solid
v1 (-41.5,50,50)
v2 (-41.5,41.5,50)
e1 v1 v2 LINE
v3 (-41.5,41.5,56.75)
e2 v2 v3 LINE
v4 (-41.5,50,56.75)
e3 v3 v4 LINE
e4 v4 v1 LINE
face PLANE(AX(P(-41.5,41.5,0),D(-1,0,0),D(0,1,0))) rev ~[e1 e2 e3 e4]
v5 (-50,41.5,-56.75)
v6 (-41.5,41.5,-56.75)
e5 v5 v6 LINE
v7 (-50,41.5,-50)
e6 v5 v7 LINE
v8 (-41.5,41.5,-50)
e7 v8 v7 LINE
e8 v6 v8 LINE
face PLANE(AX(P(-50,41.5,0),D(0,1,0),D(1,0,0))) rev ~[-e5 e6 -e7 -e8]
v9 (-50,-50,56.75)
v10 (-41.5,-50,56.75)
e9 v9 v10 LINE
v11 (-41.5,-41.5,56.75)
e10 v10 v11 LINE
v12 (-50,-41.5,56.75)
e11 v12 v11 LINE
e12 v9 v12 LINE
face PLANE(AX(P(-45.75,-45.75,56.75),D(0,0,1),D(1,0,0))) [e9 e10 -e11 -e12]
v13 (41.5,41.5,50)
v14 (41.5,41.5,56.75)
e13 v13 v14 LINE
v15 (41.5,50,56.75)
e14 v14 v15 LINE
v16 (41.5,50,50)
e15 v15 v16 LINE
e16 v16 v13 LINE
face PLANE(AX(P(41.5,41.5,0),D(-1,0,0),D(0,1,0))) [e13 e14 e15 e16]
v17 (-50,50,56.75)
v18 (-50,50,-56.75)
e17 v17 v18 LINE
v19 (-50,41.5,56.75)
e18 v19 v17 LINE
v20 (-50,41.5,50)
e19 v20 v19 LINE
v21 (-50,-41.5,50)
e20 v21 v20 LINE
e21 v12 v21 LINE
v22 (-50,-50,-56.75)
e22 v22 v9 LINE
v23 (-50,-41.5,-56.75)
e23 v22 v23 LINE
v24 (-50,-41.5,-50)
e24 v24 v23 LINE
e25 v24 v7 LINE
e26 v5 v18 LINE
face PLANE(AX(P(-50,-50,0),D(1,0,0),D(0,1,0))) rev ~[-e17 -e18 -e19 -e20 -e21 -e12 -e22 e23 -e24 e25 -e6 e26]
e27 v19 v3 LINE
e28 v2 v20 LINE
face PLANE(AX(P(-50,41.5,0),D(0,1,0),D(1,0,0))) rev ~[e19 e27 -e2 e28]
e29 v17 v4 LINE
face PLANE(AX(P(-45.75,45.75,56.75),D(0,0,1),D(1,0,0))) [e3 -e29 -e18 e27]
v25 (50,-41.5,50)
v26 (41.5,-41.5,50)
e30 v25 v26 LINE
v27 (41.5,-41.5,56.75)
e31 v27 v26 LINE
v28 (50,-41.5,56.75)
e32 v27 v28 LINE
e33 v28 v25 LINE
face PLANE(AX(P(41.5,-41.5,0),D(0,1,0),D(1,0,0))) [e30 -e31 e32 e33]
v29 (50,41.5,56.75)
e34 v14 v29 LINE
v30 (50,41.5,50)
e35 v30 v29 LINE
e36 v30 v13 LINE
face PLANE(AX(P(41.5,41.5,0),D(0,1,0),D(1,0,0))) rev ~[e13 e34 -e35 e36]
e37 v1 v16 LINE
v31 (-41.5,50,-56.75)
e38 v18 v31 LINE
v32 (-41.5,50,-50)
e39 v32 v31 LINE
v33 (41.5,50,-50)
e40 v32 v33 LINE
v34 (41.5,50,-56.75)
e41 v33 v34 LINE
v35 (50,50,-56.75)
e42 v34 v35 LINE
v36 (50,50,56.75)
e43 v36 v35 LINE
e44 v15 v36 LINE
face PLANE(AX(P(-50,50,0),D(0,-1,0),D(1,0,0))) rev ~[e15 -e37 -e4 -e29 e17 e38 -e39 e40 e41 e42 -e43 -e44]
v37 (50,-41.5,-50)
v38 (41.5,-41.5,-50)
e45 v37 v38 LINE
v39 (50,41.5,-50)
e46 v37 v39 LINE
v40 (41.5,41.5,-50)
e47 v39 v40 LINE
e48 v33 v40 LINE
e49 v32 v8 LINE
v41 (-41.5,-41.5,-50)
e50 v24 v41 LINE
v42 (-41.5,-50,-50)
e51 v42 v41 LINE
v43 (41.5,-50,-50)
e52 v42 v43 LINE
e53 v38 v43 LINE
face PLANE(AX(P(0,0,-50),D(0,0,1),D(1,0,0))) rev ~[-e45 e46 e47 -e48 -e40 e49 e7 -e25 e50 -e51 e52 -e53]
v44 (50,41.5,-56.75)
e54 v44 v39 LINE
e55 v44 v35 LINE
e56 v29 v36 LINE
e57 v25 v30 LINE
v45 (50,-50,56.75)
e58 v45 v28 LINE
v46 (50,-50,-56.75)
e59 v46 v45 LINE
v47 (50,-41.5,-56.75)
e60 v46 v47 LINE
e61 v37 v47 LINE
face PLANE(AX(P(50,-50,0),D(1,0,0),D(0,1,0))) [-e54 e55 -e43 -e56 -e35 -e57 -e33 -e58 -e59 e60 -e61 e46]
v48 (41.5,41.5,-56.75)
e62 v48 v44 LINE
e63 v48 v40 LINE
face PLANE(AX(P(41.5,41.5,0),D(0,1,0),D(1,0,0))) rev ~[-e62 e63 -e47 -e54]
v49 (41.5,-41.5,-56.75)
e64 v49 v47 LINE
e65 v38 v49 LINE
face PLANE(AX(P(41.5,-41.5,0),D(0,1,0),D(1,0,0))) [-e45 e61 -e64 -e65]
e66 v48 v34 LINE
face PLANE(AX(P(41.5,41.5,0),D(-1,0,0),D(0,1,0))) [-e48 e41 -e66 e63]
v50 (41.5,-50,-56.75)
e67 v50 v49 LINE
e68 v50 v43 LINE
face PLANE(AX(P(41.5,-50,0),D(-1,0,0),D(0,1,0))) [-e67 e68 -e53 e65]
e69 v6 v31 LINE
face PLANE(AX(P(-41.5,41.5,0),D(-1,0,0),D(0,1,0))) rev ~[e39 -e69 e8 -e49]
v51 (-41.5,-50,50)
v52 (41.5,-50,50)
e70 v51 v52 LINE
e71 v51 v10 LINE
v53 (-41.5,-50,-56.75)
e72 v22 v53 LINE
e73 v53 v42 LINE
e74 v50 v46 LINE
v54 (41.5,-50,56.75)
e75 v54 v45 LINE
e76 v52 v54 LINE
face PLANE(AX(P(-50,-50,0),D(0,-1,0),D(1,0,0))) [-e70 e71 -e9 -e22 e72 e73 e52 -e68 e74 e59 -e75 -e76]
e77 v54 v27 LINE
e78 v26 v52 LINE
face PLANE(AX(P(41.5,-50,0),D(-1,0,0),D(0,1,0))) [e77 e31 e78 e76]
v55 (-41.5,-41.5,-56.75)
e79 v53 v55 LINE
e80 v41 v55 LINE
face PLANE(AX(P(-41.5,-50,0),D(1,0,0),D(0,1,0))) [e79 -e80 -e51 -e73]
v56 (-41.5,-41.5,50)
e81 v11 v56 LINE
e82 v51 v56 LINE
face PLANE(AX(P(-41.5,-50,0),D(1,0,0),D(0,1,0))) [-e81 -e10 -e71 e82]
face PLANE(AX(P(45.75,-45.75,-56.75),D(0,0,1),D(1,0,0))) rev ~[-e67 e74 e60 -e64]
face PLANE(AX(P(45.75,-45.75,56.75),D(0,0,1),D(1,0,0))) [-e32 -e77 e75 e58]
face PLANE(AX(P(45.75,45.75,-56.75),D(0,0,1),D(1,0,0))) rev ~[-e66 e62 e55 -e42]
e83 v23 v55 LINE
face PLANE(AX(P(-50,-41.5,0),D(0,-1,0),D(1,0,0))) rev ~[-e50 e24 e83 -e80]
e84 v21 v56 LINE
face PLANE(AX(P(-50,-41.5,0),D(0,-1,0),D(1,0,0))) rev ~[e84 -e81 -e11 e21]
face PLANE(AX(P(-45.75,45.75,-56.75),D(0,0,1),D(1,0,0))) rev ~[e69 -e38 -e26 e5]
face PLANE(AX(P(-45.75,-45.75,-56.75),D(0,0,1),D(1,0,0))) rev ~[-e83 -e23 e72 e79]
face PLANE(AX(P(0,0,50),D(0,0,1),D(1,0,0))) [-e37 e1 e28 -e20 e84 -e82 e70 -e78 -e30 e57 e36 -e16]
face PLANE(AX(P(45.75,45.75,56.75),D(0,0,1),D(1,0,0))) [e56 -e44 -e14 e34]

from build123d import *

# Parameters (mm, degrees)
F0_W     = 100
F0_H     = 100
F1_DEPTH = 50
F2_W     = 8.5
F2_H     = 8.5
F3_DEPTH = 56.75


with BuildPart() as f1:
    # F0 (on Top) → F1 (new body, symmetric)
    with BuildSketch(Plane.XY):
        Rectangle(F0_W, F0_H)
    extrude(amount=F1_DEPTH, both=True)

    # F2 (on Top) → F3 (join, symmetric)
    with BuildSketch(Plane.XY):
        with Locations((-45.75, 45.75)):
            Rectangle(F2_W, F2_H)
        with Locations((45.75, 45.75)):
            Rectangle(F2_W, F2_H)
        with Locations((45.75, -45.75)):
            Rectangle(F2_W, F2_H)
        with Locations((-45.75, -45.75)):
            Rectangle(F2_W, F2_H)
    extrude(amount=F3_DEPTH, both=True)


solid = f1.part
